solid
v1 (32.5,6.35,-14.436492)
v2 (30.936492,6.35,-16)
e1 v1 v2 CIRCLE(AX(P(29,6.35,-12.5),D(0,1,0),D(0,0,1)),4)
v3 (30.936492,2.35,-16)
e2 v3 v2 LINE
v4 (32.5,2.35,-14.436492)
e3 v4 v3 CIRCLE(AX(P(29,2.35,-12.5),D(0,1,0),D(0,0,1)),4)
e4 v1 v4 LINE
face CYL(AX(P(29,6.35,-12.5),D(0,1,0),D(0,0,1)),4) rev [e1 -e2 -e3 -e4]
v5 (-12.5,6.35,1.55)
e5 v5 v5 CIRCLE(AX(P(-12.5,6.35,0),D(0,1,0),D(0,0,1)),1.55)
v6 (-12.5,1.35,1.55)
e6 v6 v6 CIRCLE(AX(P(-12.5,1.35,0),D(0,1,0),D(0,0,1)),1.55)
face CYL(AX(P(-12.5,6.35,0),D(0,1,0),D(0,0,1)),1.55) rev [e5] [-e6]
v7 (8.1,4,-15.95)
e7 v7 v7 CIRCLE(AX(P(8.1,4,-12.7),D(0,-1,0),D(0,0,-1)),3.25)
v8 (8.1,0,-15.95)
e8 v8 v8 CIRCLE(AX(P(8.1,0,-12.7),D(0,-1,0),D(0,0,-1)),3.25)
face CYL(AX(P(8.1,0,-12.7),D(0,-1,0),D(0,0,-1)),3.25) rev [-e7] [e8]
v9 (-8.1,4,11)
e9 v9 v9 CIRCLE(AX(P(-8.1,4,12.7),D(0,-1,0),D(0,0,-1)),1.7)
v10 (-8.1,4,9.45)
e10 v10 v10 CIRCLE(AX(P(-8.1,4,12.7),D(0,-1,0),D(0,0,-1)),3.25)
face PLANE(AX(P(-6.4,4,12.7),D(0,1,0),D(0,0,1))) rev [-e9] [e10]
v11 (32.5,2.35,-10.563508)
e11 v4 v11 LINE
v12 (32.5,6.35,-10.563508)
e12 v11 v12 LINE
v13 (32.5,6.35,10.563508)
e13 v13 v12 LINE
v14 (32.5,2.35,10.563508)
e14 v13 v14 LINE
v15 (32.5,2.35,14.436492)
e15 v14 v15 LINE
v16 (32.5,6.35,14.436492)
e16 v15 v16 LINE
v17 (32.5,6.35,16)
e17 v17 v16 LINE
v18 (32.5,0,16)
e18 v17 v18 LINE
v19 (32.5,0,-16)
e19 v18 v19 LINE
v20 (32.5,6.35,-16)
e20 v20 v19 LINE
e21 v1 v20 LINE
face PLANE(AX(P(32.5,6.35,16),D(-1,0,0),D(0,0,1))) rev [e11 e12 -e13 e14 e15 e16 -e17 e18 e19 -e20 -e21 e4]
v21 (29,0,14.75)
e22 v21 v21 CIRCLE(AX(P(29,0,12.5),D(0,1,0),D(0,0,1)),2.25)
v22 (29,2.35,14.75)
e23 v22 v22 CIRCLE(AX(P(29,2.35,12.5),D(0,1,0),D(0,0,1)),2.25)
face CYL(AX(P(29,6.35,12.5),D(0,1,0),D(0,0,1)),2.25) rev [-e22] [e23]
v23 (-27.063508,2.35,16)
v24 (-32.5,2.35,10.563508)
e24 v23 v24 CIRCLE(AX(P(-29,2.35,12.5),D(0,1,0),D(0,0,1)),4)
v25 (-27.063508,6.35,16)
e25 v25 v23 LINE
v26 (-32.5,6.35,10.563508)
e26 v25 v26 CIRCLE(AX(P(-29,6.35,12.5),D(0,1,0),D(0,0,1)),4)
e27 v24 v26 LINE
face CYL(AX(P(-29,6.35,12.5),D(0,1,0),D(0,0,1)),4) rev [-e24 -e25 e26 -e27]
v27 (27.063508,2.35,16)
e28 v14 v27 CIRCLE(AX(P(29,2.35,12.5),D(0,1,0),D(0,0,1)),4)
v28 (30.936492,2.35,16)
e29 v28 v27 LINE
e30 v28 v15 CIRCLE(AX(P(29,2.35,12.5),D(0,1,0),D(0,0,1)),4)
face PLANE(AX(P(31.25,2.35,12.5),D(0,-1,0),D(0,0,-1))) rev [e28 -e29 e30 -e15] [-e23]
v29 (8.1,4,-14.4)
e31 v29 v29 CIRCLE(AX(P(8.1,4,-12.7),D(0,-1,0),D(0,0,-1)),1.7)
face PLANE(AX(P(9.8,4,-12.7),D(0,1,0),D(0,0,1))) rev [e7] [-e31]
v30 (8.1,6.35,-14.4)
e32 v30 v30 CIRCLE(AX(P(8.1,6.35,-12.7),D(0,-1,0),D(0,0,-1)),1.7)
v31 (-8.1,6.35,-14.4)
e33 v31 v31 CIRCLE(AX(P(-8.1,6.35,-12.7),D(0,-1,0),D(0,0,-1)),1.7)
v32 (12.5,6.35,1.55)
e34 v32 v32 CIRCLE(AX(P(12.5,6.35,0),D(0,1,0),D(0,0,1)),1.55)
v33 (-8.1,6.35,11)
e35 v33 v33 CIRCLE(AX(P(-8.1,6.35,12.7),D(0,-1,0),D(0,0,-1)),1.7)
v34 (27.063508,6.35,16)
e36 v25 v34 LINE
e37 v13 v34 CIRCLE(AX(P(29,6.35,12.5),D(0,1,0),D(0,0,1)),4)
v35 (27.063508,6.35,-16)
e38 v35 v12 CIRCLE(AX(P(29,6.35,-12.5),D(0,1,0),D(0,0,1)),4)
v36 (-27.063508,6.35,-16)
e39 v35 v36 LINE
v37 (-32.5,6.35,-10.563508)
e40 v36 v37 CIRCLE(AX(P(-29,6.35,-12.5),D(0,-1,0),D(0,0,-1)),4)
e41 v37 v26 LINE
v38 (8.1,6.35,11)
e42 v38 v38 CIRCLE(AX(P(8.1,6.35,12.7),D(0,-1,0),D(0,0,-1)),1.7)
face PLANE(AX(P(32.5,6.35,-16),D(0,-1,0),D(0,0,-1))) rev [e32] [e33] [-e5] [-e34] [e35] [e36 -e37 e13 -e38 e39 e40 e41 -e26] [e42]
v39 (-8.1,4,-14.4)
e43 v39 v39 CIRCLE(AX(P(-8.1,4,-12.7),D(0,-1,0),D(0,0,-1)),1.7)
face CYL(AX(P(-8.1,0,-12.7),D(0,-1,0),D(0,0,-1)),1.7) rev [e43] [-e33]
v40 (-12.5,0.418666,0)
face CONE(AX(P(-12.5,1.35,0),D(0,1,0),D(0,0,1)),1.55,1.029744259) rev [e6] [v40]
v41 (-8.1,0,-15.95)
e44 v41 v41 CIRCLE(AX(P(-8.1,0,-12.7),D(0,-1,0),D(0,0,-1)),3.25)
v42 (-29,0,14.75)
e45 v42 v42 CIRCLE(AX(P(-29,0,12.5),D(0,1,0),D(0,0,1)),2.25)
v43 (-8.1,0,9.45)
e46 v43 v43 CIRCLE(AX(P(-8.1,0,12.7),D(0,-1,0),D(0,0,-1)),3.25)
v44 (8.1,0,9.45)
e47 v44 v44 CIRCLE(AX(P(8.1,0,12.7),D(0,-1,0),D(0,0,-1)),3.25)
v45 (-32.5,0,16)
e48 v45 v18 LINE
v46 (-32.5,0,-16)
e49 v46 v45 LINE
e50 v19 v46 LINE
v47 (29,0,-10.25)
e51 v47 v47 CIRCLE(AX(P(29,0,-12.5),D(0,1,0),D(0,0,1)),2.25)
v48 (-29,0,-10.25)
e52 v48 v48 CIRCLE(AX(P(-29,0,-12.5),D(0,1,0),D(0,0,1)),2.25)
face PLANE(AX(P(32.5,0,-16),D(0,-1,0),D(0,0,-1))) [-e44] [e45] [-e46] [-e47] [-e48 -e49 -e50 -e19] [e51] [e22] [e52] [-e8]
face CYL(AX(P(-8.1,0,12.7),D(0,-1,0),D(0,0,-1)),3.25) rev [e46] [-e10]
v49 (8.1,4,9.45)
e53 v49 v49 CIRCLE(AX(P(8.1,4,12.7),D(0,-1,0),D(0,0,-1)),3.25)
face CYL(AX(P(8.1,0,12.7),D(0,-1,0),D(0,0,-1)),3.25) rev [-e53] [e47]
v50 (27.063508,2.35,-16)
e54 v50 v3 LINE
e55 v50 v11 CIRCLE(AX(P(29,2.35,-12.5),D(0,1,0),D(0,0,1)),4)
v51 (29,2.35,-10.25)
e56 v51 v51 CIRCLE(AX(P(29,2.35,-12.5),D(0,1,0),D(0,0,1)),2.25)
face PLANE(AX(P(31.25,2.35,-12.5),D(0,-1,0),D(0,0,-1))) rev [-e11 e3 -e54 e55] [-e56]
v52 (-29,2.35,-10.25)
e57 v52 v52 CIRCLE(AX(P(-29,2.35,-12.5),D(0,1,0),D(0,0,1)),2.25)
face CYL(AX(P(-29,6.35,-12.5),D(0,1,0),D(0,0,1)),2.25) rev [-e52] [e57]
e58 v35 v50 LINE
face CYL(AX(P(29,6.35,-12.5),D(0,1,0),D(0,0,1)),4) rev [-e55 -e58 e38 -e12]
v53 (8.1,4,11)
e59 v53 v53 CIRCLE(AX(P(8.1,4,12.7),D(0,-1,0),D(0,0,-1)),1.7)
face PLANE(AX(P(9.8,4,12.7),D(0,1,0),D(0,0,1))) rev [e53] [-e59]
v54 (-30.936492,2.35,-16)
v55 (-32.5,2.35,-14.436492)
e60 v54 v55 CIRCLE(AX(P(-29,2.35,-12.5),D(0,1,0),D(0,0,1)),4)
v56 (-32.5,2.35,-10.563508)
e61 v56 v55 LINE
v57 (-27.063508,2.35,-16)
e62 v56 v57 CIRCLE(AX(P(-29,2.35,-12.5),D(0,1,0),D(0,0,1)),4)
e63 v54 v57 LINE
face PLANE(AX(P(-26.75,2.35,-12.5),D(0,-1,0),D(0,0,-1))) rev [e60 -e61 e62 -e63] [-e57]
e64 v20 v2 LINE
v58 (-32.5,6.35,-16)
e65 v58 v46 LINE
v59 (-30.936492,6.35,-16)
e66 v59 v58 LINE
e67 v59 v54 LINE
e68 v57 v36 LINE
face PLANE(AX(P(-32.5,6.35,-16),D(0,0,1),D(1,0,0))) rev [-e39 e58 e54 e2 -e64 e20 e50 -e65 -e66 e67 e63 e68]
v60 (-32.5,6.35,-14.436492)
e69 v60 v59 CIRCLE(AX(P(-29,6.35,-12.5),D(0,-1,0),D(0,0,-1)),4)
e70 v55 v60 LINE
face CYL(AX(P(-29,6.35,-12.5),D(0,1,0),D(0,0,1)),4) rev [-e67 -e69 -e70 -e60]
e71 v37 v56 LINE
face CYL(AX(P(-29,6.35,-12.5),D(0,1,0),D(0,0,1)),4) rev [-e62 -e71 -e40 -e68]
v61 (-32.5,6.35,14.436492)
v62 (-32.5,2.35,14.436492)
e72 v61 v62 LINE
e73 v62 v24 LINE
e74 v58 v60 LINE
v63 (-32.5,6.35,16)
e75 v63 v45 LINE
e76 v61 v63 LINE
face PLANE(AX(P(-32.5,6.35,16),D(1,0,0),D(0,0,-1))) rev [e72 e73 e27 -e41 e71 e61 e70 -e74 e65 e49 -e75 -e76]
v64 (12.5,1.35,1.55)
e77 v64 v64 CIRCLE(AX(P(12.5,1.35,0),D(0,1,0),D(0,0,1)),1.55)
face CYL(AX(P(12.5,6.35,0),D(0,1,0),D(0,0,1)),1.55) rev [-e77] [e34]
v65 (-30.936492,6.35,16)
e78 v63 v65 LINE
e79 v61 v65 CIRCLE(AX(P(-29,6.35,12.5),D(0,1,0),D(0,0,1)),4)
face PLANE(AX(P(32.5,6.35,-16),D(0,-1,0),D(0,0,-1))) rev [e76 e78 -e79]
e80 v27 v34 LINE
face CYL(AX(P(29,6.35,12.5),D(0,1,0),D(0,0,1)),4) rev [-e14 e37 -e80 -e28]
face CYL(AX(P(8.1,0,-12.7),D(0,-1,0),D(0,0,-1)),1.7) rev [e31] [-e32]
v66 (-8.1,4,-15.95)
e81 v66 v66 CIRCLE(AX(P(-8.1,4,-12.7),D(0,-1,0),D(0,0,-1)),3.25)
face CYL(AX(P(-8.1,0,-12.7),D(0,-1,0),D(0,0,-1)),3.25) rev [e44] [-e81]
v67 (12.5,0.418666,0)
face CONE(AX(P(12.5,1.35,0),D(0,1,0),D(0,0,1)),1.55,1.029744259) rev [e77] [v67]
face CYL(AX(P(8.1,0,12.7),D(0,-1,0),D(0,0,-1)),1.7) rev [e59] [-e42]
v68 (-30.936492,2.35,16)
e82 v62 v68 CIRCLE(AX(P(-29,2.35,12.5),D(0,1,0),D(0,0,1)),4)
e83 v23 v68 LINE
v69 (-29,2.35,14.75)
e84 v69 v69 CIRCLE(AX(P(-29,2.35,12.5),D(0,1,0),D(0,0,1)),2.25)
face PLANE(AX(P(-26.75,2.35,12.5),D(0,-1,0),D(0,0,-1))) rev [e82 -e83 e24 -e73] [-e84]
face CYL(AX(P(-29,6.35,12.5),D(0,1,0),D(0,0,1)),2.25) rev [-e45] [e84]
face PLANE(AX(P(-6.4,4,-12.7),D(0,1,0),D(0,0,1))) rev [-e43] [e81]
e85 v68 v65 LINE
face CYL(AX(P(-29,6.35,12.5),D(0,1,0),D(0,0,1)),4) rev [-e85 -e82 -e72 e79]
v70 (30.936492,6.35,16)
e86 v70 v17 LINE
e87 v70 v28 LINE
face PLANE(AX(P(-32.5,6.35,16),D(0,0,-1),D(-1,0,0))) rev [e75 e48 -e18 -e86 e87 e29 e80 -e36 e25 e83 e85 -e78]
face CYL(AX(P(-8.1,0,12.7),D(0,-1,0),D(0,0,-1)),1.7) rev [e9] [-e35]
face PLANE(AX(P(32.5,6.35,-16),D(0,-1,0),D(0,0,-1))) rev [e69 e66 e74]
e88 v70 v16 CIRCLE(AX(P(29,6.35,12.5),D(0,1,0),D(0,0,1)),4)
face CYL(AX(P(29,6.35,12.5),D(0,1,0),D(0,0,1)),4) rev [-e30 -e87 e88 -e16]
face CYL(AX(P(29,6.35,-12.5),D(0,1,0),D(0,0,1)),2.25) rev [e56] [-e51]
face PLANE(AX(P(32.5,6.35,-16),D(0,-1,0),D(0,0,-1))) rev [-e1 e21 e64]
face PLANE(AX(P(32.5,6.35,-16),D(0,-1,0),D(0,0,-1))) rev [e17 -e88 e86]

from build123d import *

# Parameters (mm, degrees)
SKETCH1_W                      = 65
SKETCH1_H                      = 32
EXTRUDE1_DEPTH                 = 6.35
CBORE_FOR_M4_SHCS1_D           = 4.5
CBORE_FOR_M4_SHCS1_CBORE_D     = 8
CBORE_FOR_M4_SHCS1_CBORE_DEPTH = 4
LPATTERN2_COUNT                = 2
LPATTERN2_PITCH                = 58
LPATTERN2_COUNT_DIR2           = 2
LPATTERN2_PITCH_DIR2           = 25
CBORE_FOR_M3_SHCS1_D           = 3.4
CBORE_FOR_M3_SHCS1_CBORE_D     = 6.5
CBORE_FOR_M3_SHCS1_CBORE_DEPTH = 4
LPATTERN3_COUNT                = 2
LPATTERN3_PITCH                = 16.2
LPATTERN3_COUNT_DIR2           = 2
LPATTERN3_PITCH_DIR2           = 25.4
LPATTERN4_COUNT                = 2
LPATTERN4_PITCH                = 25


with BuildPart() as part:
    # Sketch1 → Extrude1 (new body)
    with BuildSketch(Plane(origin=(0, 0, 0), x_dir=(1, 0, 0), z_dir=(0, 1, 0))):
        Rectangle(SKETCH1_W, SKETCH1_H)
    extrude(amount=EXTRUDE1_DEPTH)

    # CBORE for M4 SHCS1 (through all)
    with Locations(Plane(origin=(-29, 6.35, -12.5), x_dir=(0, 0, 1), z_dir=(0, 1, 0))):
        with Locations((0, 0)):
            cbore_for_m4_shcs1 = CounterBoreHole(CBORE_FOR_M4_SHCS1_D / 2, CBORE_FOR_M4_SHCS1_CBORE_D / 2, CBORE_FOR_M4_SHCS1_CBORE_DEPTH)

    # LPattern2: CBORE for M4 SHCS1 2 × 2
    with Locations(*[(i * LPATTERN2_PITCH, 0, j * LPATTERN2_PITCH_DIR2) for i in range(LPATTERN2_COUNT) for j in range(LPATTERN2_COUNT_DIR2) if (i, j) != (0, 0)]):
        add(cbore_for_m4_shcs1, mode=Mode.SUBTRACT)

    # CBORE for M3 SHCS1 (through all)
    with Locations(Plane(origin=(-8.1, 0, 12.7), x_dir=(0, 0, -1), z_dir=(0, -1, 0))):
        with Locations((0, 0)):
            cbore_for_m3_shcs1 = CounterBoreHole(CBORE_FOR_M3_SHCS1_D / 2, CBORE_FOR_M3_SHCS1_CBORE_D / 2, CBORE_FOR_M3_SHCS1_CBORE_DEPTH)

    # LPattern3: CBORE for M3 SHCS1 2 × 2
    with Locations(*[(i * LPATTERN3_PITCH, 0, -j * LPATTERN3_PITCH_DIR2) for i in range(LPATTERN3_COUNT) for j in range(LPATTERN3_COUNT_DIR2) if (i, j) != (0, 0)]):
        add(cbore_for_m3_shcs1, mode=Mode.SUBTRACT)

    # Sketch8 → Ø3.1 (3.1) Diameter Hole1 (revolve, cut)
    with BuildSketch(Plane(origin=(-12.5, 6.35, 0), x_dir=(0, 0, 1), z_dir=(1, 0, 0))):
        Polygon((0, 0), (0, 5.931333959), (1.55, 5), (1.55, 0), align=None)
    f_3_1_3_1_diameter_hole1 = revolve(axis=Axis((-12.5, 12.7, 0), (0, -1, 0)), mode=Mode.SUBTRACT)

    # LPattern4: Ø3.1 (3.1) Diameter Hole1 ×2
    with Locations(*[(i * LPATTERN4_PITCH, 0, 0) for i in range(1, LPATTERN4_COUNT)]):
        add(f_3_1_3_1_diameter_hole1, mode=Mode.SUBTRACT)


solid = part.part
